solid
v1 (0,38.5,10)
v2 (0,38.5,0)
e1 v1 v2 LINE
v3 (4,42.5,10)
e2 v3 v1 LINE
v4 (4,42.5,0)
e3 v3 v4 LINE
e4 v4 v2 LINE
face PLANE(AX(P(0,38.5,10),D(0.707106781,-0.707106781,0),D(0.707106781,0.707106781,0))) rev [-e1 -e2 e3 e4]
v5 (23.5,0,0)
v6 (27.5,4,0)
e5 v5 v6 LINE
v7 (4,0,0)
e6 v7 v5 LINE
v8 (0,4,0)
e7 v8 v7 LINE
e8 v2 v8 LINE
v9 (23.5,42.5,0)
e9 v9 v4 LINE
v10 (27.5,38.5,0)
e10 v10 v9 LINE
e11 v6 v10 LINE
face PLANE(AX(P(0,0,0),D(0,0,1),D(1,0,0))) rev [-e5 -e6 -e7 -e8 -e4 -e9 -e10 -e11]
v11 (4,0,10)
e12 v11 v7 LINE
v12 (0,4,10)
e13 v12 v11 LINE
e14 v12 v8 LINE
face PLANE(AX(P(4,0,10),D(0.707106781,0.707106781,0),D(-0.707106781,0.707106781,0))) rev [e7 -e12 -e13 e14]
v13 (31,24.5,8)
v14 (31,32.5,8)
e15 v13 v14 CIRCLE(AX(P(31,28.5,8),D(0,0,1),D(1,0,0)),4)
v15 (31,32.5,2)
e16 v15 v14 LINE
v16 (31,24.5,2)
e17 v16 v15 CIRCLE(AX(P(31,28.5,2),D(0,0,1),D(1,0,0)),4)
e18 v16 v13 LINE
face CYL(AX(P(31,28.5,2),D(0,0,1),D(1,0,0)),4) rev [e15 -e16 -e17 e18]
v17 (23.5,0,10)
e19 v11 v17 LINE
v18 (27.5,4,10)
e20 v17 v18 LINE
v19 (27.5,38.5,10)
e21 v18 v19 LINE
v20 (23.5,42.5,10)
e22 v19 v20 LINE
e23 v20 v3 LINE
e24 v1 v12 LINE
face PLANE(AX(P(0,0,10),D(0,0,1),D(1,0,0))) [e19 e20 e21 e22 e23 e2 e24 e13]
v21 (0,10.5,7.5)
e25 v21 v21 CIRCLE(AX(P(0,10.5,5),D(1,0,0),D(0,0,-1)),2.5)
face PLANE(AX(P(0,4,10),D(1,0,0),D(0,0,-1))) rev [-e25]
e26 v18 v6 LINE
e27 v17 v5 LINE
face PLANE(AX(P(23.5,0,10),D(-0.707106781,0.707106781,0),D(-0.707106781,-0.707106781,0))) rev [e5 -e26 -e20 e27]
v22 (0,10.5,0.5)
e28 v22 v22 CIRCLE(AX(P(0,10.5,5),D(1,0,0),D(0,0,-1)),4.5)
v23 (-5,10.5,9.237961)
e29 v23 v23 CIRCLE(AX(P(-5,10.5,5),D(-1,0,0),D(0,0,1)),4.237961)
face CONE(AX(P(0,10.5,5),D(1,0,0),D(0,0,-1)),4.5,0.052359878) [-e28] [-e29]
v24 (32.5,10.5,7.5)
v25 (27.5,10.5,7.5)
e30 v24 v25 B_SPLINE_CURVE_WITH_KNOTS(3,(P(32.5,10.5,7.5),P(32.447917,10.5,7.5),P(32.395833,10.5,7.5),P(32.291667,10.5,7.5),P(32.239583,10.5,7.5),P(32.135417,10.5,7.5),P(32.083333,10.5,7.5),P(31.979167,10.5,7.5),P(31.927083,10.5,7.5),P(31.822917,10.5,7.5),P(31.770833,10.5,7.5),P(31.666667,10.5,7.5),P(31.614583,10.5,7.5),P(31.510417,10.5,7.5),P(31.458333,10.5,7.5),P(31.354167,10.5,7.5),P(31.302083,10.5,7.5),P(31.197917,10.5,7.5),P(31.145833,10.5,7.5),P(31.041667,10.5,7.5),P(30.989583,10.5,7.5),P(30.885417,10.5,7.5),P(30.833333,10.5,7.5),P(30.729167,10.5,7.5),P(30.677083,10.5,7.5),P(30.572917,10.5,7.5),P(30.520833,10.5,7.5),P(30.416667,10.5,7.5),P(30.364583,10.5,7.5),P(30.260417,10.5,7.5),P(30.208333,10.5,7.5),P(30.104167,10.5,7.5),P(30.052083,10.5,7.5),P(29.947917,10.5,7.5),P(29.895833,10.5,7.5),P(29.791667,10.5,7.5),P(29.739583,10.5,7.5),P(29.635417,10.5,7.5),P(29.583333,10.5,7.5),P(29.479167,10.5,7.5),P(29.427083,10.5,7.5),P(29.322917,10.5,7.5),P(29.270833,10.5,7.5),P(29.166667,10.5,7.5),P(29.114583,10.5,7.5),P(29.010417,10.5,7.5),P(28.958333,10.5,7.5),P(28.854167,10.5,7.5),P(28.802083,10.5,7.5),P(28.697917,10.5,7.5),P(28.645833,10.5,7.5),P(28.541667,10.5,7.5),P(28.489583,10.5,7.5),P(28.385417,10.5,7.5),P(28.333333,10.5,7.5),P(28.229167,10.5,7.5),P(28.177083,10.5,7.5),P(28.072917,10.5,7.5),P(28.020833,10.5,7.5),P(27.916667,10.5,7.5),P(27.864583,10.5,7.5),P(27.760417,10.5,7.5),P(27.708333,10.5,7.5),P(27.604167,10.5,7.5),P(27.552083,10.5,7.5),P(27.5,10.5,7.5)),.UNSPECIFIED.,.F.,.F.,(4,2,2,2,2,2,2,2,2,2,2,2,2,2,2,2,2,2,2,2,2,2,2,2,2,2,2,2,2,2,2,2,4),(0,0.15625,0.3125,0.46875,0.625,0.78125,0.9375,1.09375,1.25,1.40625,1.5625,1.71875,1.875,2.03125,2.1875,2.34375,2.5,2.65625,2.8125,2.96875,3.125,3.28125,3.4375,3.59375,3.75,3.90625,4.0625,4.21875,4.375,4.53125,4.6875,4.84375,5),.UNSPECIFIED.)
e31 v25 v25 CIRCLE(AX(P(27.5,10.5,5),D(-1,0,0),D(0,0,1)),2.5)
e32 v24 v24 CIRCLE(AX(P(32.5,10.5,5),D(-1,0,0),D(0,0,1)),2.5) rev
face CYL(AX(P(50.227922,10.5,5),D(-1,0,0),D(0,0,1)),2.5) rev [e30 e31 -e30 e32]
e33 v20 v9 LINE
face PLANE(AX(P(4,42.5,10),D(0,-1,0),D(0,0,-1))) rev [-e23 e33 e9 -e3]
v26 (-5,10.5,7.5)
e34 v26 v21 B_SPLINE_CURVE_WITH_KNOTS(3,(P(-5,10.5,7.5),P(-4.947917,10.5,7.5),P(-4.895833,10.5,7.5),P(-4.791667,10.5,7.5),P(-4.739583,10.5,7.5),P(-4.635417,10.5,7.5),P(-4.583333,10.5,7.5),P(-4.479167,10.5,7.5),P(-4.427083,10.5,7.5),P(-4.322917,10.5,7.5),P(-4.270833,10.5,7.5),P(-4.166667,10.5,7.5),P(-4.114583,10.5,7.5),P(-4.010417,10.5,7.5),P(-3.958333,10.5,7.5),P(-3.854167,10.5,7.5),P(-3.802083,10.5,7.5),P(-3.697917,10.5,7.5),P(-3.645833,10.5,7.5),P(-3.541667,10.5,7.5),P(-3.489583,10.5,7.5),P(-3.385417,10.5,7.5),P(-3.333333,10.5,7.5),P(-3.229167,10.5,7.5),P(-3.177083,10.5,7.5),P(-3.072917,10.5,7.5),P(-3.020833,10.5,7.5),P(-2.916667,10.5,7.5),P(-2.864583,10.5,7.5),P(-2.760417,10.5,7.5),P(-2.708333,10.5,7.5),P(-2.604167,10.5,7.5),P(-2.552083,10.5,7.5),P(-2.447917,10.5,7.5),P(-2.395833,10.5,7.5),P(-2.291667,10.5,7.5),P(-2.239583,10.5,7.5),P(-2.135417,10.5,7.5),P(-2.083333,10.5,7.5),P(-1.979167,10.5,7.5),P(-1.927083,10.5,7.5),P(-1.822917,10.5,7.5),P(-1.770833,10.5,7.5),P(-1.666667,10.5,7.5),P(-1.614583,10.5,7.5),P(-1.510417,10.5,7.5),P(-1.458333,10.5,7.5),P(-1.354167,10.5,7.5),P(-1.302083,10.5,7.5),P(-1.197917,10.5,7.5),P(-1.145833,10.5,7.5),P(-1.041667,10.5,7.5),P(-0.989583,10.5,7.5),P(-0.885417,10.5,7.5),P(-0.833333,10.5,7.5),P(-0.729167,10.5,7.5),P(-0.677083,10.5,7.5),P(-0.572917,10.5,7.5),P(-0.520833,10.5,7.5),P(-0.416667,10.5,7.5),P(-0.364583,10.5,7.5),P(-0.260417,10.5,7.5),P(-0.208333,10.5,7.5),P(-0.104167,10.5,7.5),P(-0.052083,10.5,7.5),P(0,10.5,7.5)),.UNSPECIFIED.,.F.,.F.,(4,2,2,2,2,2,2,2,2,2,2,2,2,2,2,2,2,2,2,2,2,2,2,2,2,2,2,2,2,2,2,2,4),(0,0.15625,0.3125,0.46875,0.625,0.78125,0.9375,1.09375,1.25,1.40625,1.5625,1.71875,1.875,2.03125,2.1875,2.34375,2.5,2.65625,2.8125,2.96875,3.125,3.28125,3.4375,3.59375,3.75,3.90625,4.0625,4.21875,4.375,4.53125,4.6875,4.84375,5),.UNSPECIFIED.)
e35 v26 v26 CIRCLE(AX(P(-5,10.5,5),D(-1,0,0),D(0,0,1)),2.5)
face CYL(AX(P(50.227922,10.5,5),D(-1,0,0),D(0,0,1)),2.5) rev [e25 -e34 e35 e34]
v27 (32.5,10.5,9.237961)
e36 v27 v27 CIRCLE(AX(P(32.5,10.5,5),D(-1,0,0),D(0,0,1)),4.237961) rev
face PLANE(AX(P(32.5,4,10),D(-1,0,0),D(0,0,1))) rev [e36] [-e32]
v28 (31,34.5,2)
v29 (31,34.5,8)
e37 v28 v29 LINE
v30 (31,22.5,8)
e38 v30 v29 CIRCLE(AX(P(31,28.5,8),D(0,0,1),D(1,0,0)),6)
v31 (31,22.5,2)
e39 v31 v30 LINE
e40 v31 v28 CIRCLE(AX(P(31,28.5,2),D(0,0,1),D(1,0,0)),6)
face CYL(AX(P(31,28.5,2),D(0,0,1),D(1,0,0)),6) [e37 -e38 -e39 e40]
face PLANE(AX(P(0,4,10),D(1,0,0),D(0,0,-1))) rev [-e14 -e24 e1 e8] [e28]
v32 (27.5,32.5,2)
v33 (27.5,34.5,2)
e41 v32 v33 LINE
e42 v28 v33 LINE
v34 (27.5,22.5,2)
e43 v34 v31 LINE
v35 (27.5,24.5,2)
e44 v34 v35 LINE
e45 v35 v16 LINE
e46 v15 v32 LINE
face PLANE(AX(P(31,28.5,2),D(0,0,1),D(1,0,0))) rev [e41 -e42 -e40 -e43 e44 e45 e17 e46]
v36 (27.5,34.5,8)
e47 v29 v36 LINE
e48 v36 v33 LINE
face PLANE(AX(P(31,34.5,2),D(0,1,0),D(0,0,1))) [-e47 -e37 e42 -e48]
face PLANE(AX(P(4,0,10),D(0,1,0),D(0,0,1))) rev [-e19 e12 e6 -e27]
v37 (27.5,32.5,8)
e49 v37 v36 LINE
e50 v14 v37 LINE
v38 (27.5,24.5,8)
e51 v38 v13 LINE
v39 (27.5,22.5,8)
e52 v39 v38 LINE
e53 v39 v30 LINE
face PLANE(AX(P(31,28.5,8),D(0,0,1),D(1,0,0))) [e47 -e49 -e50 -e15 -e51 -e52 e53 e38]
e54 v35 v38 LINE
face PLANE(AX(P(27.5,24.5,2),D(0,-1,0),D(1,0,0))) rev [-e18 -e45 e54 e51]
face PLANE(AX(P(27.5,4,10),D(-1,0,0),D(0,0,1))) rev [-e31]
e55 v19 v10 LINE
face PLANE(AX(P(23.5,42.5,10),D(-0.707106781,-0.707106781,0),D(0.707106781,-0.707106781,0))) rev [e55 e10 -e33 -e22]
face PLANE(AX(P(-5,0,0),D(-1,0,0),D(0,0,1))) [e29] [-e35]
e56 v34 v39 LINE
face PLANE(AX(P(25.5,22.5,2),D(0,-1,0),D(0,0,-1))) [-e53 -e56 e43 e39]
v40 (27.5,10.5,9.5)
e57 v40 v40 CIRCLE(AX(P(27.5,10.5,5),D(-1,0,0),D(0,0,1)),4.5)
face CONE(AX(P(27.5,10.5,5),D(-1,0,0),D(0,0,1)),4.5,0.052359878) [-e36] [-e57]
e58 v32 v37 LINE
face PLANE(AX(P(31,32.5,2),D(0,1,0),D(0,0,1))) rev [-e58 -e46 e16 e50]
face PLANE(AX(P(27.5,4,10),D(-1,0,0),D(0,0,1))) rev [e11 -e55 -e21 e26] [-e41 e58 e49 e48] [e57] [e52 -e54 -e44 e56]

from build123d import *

# Parameters (mm, degrees)
EXTRUDE_1_DEPTH      = 10
EXTRUDE_2_DEPTH      = 5
EXTRUDE_2_DEPTH_BACK = 32.5
SKETCH_2_R           = 4.5
SKETCH_2_R_2         = 2.5
DRAFT_1_ANGLE        = 3
DRAFT_2_ANGLE        = 3
EXTRUDE_3_DEPTH      = 3
EXTRUDE_3_DEPTH_BACK = 3


with BuildPart() as part:
    # 草图1 → 凸台-拉伸1 (new body)
    with BuildSketch(Plane.XY):
        Polygon((0, 38.5), (4, 42.5), (23.5, 42.5), (27.5, 38.5), (27.5, 4), (23.5, 0), (4, 0), (0, 4), align=None)
    extrude(amount=EXTRUDE_1_DEPTH)

    # 草图2 → 凸台-拉伸2 (add, two sides: drawn at the far end of the back side and taken through both)
    with BuildSketch(Plane.ZY.offset(-EXTRUDE_2_DEPTH_BACK)):
        with Locations((5, 10.5)):
            Circle(SKETCH_2_R)
        with Locations((5, 10.5)):
            Circle(SKETCH_2_R_2, mode=Mode.SUBTRACT)
    extrude(amount=EXTRUDE_2_DEPTH + EXTRUDE_2_DEPTH_BACK)

    # 拔模1
    draft_1_faces = [part.faces().sort_by_distance(p)[0] for p in [
        (30, 10.5, 0.5),
    ]]
    draft(draft_1_faces, Plane(origin=(27.5, 4, 10), x_dir=(0, 0, 1), z_dir=(1, 0, 0)), DRAFT_1_ANGLE)

    # 拔模2
    draft_2_faces = [part.faces().sort_by_distance(p)[0] for p in [
        (-2.5, 10.5, 0.5),
    ]]
    draft(draft_2_faces, Plane(origin=(0, 4, 10), x_dir=(0, 0, -1), z_dir=(-1, 0, 0)), DRAFT_2_ANGLE)

    # 草图3 → 凸台-拉伸3 (add, two sides: drawn at the far end of the back side and taken through both)
    with BuildSketch(Plane.XY.offset(5).offset(-EXTRUDE_3_DEPTH_BACK)):
        with BuildLine():
            Line((31, 34.5), (25.5, 34.5))
            Line((25.5, 34.5), (25.5, 22.5))
            Line((25.5, 22.5), (31, 22.5))
            ThreePointArc((31, 22.5), (37, 28.5), (31, 34.5))
        make_face()
        with BuildLine():
            Line((31, 32.5), (27.5, 32.5))
            Line((27.5, 32.5), (27.5, 24.5))
            Line((27.5, 24.5), (31, 24.5))
            ThreePointArc((31, 24.5), (35, 28.5), (31, 32.5))
        make_face(mode=Mode.SUBTRACT)
    extrude(amount=EXTRUDE_3_DEPTH + EXTRUDE_3_DEPTH_BACK)


solid = part.part
